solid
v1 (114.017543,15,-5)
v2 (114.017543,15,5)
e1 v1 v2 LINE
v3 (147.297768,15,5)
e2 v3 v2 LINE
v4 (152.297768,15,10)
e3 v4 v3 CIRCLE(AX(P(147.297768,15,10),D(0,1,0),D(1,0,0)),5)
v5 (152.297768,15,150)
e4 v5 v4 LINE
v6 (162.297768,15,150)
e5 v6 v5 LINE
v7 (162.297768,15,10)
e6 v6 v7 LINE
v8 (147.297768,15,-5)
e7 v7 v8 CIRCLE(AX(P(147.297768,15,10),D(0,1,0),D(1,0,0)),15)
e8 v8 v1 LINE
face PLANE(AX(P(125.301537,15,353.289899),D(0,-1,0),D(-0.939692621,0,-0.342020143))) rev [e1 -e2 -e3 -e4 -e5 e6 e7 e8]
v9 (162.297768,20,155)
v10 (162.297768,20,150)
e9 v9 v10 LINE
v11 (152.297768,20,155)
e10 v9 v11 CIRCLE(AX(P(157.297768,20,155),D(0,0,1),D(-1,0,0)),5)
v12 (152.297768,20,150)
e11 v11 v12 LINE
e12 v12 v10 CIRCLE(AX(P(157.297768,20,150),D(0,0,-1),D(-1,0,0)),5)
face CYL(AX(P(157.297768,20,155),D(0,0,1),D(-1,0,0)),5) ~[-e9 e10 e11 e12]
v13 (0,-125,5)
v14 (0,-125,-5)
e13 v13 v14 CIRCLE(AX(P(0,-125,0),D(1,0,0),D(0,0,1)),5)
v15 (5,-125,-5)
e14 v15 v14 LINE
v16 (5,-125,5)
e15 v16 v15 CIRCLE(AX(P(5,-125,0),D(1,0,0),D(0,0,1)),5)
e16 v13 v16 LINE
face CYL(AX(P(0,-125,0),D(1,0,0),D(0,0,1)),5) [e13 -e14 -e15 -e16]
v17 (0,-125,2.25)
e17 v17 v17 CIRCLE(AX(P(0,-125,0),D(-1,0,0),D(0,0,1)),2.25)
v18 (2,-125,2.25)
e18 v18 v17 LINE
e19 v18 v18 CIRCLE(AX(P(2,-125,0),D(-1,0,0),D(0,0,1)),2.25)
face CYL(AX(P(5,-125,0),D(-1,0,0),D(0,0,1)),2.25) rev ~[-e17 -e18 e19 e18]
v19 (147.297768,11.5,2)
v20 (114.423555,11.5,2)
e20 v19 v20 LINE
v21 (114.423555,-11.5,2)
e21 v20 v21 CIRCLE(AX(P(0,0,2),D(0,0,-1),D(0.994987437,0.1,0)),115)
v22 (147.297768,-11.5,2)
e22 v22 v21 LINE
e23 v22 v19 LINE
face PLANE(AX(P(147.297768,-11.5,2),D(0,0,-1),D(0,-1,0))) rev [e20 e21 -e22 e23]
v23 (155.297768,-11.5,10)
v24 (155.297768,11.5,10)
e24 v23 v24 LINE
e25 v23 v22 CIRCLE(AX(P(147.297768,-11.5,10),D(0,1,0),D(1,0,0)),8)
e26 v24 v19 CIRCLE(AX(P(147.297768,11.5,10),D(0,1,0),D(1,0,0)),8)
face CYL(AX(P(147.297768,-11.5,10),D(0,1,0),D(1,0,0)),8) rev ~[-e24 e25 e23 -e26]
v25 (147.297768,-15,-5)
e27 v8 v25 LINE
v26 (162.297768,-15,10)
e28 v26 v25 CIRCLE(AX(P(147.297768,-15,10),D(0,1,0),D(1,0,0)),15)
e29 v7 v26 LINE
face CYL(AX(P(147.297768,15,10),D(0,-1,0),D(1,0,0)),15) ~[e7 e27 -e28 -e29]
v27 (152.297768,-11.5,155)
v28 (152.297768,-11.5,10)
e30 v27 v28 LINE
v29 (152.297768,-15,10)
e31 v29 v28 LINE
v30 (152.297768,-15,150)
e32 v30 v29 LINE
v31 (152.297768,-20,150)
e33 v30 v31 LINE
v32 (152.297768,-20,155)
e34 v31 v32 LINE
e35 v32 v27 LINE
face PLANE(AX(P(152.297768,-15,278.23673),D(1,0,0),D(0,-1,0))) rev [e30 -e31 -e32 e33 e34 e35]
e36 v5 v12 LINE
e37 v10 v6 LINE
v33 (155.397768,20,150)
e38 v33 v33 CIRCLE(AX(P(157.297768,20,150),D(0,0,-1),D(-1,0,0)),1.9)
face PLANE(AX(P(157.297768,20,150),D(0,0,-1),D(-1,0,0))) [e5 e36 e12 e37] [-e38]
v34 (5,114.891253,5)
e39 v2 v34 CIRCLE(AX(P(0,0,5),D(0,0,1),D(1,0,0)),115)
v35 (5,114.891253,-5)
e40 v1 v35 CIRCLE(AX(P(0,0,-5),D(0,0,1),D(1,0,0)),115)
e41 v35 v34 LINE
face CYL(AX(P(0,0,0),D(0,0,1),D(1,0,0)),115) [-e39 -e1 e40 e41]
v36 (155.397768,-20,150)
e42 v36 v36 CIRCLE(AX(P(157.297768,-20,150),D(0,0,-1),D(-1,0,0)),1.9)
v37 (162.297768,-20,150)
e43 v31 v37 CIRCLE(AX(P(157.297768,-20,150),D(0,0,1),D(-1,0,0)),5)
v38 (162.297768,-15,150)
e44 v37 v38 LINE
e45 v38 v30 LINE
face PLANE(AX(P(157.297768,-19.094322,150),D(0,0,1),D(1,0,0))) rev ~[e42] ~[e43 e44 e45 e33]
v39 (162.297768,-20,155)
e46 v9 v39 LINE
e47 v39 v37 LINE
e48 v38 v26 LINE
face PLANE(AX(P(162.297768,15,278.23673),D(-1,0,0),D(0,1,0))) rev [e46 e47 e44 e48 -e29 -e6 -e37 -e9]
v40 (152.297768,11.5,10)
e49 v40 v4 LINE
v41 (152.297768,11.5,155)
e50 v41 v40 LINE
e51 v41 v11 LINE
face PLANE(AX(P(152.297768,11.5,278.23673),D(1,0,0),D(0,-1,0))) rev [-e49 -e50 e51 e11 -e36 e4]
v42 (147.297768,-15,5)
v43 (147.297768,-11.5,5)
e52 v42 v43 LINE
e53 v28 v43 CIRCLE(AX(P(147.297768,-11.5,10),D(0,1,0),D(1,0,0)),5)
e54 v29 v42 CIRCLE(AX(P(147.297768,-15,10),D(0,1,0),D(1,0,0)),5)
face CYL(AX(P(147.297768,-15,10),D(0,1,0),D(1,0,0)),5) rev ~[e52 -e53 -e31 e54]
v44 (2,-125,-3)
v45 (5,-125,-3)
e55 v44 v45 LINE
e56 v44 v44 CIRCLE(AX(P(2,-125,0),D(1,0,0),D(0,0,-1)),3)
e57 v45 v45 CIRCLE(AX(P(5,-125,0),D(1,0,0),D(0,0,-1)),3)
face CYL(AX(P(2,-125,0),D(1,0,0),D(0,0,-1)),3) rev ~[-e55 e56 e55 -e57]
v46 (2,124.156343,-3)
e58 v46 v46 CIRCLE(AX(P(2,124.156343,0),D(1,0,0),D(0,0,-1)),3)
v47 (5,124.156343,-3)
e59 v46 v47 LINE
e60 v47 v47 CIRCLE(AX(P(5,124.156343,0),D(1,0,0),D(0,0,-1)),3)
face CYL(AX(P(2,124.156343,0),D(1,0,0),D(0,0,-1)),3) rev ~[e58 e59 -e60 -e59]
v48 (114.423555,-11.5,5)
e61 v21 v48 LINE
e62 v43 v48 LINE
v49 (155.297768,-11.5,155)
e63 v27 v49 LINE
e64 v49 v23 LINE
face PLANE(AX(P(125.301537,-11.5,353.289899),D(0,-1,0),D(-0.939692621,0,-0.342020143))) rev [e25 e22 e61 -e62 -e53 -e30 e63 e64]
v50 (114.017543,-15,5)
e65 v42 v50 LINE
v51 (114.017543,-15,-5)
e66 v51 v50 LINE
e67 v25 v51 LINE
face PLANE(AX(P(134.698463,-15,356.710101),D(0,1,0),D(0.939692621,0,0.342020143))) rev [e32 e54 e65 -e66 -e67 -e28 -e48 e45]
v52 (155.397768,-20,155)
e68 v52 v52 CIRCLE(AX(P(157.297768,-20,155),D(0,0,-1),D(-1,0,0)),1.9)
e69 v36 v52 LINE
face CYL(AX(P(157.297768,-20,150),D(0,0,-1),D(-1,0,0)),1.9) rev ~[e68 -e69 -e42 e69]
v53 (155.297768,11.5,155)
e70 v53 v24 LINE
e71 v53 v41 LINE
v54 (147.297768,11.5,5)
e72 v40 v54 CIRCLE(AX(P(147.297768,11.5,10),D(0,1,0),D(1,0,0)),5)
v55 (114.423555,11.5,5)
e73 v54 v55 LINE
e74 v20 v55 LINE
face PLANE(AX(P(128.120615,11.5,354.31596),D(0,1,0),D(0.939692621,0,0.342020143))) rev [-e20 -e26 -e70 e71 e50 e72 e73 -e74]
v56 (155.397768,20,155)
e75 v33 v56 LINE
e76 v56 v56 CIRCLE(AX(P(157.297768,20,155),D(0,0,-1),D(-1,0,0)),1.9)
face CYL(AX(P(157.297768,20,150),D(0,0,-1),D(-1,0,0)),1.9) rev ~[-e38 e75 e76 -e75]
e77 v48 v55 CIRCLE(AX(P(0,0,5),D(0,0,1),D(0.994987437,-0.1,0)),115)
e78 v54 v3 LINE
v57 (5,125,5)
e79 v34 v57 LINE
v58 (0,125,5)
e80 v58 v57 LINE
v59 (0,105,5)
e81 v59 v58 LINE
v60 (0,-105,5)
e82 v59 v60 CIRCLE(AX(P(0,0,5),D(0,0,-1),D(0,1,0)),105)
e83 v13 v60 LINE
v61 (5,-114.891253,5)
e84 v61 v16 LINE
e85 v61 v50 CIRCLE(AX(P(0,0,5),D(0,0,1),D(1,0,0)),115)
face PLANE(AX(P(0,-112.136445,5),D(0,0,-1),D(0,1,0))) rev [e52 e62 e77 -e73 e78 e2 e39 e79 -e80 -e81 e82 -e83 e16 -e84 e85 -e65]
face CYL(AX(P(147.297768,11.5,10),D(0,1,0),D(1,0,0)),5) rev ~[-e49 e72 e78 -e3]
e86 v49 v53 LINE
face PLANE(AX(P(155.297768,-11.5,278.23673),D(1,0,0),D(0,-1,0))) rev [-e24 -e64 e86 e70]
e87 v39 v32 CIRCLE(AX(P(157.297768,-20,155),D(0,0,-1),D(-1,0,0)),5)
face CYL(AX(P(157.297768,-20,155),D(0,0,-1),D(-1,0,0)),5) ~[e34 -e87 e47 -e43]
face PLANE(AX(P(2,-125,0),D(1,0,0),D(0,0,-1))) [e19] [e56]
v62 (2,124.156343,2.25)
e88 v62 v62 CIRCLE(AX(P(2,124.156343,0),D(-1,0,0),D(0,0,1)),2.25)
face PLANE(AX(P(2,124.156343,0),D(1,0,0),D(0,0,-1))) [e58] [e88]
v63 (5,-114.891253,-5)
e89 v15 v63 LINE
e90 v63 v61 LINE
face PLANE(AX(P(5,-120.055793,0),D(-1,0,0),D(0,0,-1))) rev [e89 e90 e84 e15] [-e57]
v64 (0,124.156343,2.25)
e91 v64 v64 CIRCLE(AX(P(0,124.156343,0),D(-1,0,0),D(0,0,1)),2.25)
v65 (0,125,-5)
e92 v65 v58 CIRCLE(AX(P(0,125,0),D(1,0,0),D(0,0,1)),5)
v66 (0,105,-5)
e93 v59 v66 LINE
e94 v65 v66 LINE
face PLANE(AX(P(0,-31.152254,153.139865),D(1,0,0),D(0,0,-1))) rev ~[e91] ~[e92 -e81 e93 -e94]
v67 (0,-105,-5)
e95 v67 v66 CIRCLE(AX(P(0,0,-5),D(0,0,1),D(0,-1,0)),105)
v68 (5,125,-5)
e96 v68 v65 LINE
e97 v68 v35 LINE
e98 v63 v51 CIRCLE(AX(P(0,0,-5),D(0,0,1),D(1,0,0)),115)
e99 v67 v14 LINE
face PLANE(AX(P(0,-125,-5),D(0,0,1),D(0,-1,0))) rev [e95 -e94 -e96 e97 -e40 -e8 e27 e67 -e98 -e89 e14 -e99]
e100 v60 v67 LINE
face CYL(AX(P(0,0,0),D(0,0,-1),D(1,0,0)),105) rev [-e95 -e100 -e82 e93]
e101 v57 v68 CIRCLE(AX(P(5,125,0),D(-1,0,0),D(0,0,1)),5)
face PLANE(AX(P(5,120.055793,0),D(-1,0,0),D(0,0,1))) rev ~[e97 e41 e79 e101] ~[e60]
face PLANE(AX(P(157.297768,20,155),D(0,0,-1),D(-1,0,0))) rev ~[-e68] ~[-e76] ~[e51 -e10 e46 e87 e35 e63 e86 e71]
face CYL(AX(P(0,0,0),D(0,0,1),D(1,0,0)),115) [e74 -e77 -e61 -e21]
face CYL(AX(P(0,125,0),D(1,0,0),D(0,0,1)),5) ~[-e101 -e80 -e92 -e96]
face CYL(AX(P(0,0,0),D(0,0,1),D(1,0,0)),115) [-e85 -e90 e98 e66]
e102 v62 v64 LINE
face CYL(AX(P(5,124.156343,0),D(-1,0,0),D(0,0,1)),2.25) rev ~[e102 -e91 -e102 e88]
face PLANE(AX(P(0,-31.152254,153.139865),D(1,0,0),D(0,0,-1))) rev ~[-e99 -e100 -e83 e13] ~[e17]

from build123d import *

# Parameters (mm, degrees)
SKETCH_1_R                = 115
SKETCH_1_R_2              = 105
EXTRUDE_1_DEPTH           = 5
SKETCH_4_R                = 2.5
CUT_EXTRUDE_1_DEPTH       = 33.934862746
EXTRUDE_2_DEPTH           = 5
HOLE_WIZARD_1_D           = 4.5
HOLE_WIZARD_1_CBORE_D     = 6
HOLE_WIZARD_1_CBORE_DEPTH = 3
SKETCH_9_R                = 2.25
SKETCH_9_R_2              = 1.9
EXTRUDE_3_DEPTH           = 5
EXTRUDE_4_DEPTH           = 5
HOLE_WIZARD_2_D           = 4.5
HOLE_WIZARD_2_CBORE_D     = 6
HOLE_WIZARD_2_CBORE_DEPTH = 3
SKETCH_13_R               = 2.25
SKETCH_13_R_2             = 1.9
EXTRUDE_5_DEPTH           = 5
SKETCH_14_W               = 562.038590931
SKETCH_14_H               = 462.09177453
CUT_EXTRUDE_4_DEPTH       = 163.29776757
SKETCH_15_W               = 637.223239982
SKETCH_15_H               = 375.31186697
CUT_EXTRUDE_5_DEPTH       = 202.710100717


with BuildPart() as part:
    # 草图1 → 凸台-拉伸1 (new body, symmetric)
    with BuildSketch(Plane.XY):
        Circle(SKETCH_1_R)
        Circle(SKETCH_1_R_2, mode=Mode.SUBTRACT)
    extrude(amount=EXTRUDE_1_DEPTH, both=True)

    # 扫描1: sweep along a path in 草图2
    with BuildLine(Plane(origin=(0, 0, 0), x_dir=(1, 0, 0), z_dir=(0, 1, 0))) as sweep_1_path:
        Line((-130, -355), (-156.694693778, -281.656931626))
        ThreePointArc((-156.694693778, -281.656931626), (-157.1458451, -279.97321197), (-157.29776757, -278.236730193))
        Line((-157.29776757, -278.236730193), (-157.29776757, -10))
        ThreePointArc((-157.29776757, -10), (-154.368835382, -2.928932188), (-147.29776757, 0))
        Line((-147.29776757, 0), (-115, 0))
        Line((-115, 0), (-106.681302201, 0))
    # 草图3 → 扫描1 (sweep)
    with BuildSketch(Plane(origin=(-130, 0, 355), x_dir=(0.939692621, 0, -0.342020143), z_dir=(0.342020143, 0, 0.939692621))):
        Polygon((-5, -15), (5, -15), (5, -11.5), (2, -11.5), (2, 11.5), (5, 11.5), (5, 15), (-5, 15), align=None)
    sweep_1 = sweep(path=sweep_1_path.line)

    # 草图4 → 切除-拉伸1 (cut, through all)
    with BuildSketch(Plane(origin=(-227.008304281, 0, 82.624265689), x_dir=(-0.342020143, 0, -0.939692621), z_dir=(0.939692621, 0, -0.342020143))):
        with Locations((-274.128261747, 6.75)):
            Circle(SKETCH_4_R)
        with Locations((-274.128261747, -6.75)):
            Circle(SKETCH_4_R)
    cut_extrude_1 = extrude(amount=-CUT_EXTRUDE_1_DEPTH, mode=Mode.SUBTRACT)

    # 镜向1: 扫描1, 切除-拉伸1 across plane
    add(sweep_1.mirror(Plane(origin=(0, 0, 0), x_dir=(0, 0, 1), z_dir=(1, 0, 0))))
    add(cut_extrude_1.mirror(Plane(origin=(0, 0, 0), x_dir=(0, 0, 1), z_dir=(1, 0, 0))), mode=Mode.SUBTRACT)

    # 草图6 → 凸台-拉伸2 (add, symmetric)
    with BuildSketch(Plane(origin=(0, 0, 0), x_dir=(0, 0, -1), z_dir=(1, 0, 0))):
        with BuildLine():
            Line((-5, 115), (-5, 125))
            ThreePointArc((-5, 125), (0, 130), (5, 125))
            Line((5, 125), (5, 115))
            Line((5, 115), (5, 112.136445143))
            Line((5, 112.136445143), (-5, 112.136445143))
            Line((-5, 112.136445143), (-5, 115))
        make_face()
    extrude_2 = extrude(amount=EXTRUDE_2_DEPTH, both=True)

    # 镜向2: 凸台-拉伸2 across plane
    add(extrude_2.mirror(Plane.ZX))

    # 孔1 (through all)
    with Locations(Plane(origin=(5, 0, 0), x_dir=(0, 0, -1), z_dir=(1, 0, 0))):
        with Locations((0, 124.156343107), (0, -125)):
            CounterBoreHole(HOLE_WIZARD_1_D / 2, HOLE_WIZARD_1_CBORE_D / 2, HOLE_WIZARD_1_CBORE_DEPTH)

    # 草图9 → 凸台-拉伸3 (add)
    with BuildSketch(Plane.ZY.offset(5)):
        with Locations((0, 124.156343107)):
            Circle(SKETCH_9_R)
        with Locations((0, 124.156343107)):
            Circle(SKETCH_9_R_2, mode=Mode.SUBTRACT)
        with Locations((0, -125)):
            Circle(SKETCH_9_R)
        with Locations((0, -125)):
            Circle(SKETCH_9_R_2, mode=Mode.SUBTRACT)
    extrude(amount=-EXTRUDE_3_DEPTH)

    # 草图10 → 凸台-拉伸4 (add, symmetric)
    with BuildSketch(Plane.XY.offset(155)):
        with BuildLine():
            Line((-162.29776757, 15), (-152.29776757, 15))
            Line((-152.29776757, 15), (-152.29776757, 20))
            ThreePointArc((-152.29776757, 20), (-157.29776757, 25), (-162.29776757, 20))
            Line((-162.29776757, 20), (-162.29776757, 15))
        make_face()
        with BuildLine():
            Line((-152.29776757, -15), (-152.29776757, -20))
            ThreePointArc((-152.29776757, -20), (-157.29776757, -25), (-162.29776757, -20))
            Line((-162.29776757, -20), (-162.29776757, -15))
            Line((-162.29776757, -15), (-152.29776757, -15))
        make_face()
        with BuildLine():
            Line((162.29776757, -15), (152.29776757, -15))
            Line((152.29776757, -15), (152.29776757, -20))
            ThreePointArc((152.29776757, -20), (157.29776757, -25), (162.29776757, -20))
            Line((162.29776757, -20), (162.29776757, -15))
        make_face()
        with BuildLine():
            Line((152.29776757, 15), (152.29776757, 20))
            ThreePointArc((152.29776757, 20), (157.29776757, 25), (162.29776757, 20))
            Line((162.29776757, 20), (162.29776757, 15))
            Line((162.29776757, 15), (152.29776757, 15))
        make_face()
    extrude(amount=EXTRUDE_4_DEPTH, both=True)

    # 孔2 (through all)
    with Locations(Plane.XY.offset(160)):
        with Locations((-157.29776757, 20), (-157.29776757, -20), (157.29776757, 20), (157.29776757, -20)):
            CounterBoreHole(HOLE_WIZARD_2_D / 2, HOLE_WIZARD_2_CBORE_D / 2, HOLE_WIZARD_2_CBORE_DEPTH)

    # 草图13 → 凸台-拉伸5 (add)
    with BuildSketch(Plane(origin=(0, 0, 150), x_dir=(-1, 0, 0), z_dir=(0, 0, -1))):
        with Locations((-157.29776757, 20)):
            Circle(SKETCH_13_R)
        with Locations((-157.29776757, 20)):
            Circle(SKETCH_13_R_2, mode=Mode.SUBTRACT)
        with Locations((-157.29776757, -20)):
            Circle(SKETCH_13_R)
        with Locations((-157.29776757, -20)):
            Circle(SKETCH_13_R_2, mode=Mode.SUBTRACT)
        with Locations((157.29776757, -20)):
            Circle(SKETCH_13_R)
        with Locations((157.29776757, -20)):
            Circle(SKETCH_13_R_2, mode=Mode.SUBTRACT)
        with Locations((157.29776757, 20)):
            Circle(SKETCH_13_R)
        with Locations((157.29776757, 20)):
            Circle(SKETCH_13_R_2, mode=Mode.SUBTRACT)
    extrude(amount=-EXTRUDE_5_DEPTH)

    # 草图14 → 切除-拉伸4 (cut, through all)
    with BuildSketch(Plane(origin=(0, 0, 0), x_dir=(0, 0, -1), z_dir=(1, 0, 0))):
        with Locations((-153.139864812, -31.152254463)):
            Rectangle(SKETCH_14_W, SKETCH_14_H)
    extrude(amount=-CUT_EXTRUDE_4_DEPTH, mode=Mode.SUBTRACT)

    # 草图15 → 切除-拉伸5 (cut, through all)
    with BuildSketch(Plane.XY.offset(155)):
        Rectangle(SKETCH_15_W, SKETCH_15_H)
    extrude(amount=CUT_EXTRUDE_5_DEPTH, mode=Mode.SUBTRACT)


solid = part.part
